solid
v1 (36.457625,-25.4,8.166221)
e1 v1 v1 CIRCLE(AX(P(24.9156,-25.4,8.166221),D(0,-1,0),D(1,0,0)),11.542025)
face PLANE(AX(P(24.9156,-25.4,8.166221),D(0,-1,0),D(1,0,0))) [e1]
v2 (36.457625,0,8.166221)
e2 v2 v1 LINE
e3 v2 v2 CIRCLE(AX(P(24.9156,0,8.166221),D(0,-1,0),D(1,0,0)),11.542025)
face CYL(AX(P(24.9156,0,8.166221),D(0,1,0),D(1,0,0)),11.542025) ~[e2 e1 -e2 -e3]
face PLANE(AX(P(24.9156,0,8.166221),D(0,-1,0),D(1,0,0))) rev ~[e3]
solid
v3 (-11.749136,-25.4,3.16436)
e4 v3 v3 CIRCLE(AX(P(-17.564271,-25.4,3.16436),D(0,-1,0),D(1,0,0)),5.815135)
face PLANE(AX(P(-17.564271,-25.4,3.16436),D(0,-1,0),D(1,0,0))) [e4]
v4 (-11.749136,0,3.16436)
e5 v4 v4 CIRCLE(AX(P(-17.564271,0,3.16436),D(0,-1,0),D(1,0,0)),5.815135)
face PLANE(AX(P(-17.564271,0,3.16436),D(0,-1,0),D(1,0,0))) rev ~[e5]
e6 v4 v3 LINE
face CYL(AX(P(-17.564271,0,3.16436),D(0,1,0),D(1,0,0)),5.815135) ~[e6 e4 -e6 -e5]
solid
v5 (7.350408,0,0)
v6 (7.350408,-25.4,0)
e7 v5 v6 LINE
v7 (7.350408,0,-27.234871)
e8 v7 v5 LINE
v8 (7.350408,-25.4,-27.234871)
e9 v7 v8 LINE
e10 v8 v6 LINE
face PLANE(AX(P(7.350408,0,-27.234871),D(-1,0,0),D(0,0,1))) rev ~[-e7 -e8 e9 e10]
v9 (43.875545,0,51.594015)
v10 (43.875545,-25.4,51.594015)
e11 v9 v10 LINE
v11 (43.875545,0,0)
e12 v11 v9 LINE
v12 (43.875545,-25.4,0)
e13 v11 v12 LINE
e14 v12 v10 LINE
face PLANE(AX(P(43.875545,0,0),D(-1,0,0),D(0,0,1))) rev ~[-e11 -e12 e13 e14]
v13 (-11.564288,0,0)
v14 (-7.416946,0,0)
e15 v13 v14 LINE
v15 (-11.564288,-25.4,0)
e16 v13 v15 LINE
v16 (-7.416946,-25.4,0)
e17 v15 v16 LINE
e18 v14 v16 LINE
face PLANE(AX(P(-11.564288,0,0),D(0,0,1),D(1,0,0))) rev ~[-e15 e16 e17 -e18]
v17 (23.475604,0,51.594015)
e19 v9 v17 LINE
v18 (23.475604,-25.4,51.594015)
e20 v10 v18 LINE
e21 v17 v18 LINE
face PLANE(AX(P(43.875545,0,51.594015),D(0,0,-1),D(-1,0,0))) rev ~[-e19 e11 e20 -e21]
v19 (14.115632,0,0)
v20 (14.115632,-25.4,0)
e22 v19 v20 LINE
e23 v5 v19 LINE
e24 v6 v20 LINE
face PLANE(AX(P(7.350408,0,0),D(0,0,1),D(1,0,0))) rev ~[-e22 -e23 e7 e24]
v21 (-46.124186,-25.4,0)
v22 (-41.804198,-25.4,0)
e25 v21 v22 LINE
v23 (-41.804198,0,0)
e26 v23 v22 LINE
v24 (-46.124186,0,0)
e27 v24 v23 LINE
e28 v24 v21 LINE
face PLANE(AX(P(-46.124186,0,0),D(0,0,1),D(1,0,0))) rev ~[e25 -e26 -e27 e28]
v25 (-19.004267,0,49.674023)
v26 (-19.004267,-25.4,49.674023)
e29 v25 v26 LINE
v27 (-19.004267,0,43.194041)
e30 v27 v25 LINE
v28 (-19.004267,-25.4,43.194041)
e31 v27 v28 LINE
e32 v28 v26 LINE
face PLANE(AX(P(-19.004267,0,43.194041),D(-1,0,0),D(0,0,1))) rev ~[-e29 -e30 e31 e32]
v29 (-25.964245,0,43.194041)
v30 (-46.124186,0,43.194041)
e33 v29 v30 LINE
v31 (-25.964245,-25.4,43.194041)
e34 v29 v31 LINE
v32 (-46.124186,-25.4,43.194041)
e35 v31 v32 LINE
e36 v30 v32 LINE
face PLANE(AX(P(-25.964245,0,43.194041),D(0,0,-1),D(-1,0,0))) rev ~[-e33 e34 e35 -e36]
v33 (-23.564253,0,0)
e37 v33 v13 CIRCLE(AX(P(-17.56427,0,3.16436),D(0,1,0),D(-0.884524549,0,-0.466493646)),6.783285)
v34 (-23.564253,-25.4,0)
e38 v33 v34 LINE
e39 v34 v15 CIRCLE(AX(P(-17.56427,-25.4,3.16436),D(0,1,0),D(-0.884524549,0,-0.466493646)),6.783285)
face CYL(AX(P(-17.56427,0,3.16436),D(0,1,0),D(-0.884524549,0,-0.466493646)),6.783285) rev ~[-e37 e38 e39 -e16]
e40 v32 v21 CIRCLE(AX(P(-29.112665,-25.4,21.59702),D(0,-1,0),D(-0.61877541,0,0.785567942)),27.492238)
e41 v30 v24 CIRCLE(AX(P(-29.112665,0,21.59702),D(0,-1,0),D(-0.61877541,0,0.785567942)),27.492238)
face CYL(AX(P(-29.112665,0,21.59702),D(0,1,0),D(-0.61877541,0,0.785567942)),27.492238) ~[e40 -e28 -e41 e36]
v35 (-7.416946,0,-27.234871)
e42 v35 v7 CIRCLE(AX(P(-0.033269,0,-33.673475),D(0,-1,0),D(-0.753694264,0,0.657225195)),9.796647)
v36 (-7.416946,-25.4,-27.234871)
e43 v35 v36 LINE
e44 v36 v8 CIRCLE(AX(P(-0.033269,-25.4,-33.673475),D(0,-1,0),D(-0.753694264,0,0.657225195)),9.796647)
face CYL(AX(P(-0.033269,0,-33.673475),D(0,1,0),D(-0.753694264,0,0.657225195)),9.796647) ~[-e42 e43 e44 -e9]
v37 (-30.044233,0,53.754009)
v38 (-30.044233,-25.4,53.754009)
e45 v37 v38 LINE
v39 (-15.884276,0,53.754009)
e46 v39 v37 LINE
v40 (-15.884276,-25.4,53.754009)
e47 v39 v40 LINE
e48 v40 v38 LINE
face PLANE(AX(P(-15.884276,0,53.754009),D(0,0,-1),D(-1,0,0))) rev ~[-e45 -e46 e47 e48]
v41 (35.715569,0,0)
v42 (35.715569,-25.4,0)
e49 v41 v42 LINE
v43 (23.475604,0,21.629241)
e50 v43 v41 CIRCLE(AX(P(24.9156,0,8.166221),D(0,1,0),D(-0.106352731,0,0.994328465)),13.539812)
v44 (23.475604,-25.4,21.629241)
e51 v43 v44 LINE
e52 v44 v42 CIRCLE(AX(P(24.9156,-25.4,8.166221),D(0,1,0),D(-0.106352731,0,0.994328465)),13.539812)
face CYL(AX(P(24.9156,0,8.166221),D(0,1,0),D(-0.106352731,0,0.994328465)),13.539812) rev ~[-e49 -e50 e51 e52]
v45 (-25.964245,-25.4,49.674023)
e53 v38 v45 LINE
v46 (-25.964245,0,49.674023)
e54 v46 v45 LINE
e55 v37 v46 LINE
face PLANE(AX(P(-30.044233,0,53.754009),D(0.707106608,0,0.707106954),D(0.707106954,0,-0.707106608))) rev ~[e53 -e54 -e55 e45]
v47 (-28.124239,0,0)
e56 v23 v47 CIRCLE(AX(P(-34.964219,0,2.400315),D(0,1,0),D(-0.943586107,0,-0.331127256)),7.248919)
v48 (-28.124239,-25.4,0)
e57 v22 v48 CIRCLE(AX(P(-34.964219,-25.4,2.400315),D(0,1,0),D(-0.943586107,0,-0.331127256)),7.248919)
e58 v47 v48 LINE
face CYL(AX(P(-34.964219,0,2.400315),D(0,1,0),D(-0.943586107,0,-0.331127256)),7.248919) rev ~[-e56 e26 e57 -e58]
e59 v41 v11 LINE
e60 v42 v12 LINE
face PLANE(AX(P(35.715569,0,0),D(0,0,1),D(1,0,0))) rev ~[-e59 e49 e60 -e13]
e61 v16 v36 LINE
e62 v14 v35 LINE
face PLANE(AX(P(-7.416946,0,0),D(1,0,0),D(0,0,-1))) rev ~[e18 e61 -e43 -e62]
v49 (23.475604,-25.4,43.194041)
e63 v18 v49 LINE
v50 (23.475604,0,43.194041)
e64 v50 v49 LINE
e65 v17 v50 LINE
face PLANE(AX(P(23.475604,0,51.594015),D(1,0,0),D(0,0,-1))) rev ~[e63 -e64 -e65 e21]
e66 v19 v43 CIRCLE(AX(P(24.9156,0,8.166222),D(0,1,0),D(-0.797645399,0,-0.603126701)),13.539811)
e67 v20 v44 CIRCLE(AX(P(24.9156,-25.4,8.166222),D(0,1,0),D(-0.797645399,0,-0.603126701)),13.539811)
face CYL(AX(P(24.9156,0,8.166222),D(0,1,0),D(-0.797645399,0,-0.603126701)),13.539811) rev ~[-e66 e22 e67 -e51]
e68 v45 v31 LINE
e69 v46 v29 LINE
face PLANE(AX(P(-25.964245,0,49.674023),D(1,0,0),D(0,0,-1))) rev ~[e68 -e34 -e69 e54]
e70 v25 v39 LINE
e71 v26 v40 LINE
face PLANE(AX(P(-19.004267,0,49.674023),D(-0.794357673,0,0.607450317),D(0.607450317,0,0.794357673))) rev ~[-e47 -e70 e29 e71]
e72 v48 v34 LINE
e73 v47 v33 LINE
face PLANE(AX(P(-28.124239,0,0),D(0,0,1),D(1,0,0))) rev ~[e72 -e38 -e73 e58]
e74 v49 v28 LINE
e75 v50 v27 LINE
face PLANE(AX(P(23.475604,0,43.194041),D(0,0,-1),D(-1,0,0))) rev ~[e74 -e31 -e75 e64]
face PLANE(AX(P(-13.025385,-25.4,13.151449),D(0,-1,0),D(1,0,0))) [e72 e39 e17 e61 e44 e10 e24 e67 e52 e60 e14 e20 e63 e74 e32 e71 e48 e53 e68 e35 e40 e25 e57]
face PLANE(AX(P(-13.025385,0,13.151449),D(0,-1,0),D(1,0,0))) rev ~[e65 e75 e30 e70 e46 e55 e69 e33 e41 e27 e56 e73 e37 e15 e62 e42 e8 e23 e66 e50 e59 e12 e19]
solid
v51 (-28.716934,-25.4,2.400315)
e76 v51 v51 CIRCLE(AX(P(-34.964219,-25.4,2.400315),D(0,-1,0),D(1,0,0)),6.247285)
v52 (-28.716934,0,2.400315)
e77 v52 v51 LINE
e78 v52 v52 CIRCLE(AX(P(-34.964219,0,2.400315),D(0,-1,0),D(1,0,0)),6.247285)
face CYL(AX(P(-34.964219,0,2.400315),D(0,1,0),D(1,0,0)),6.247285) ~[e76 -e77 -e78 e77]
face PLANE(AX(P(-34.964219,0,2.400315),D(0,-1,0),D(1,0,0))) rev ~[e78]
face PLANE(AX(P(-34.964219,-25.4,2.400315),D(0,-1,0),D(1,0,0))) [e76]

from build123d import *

# Parameters (mm, degrees)
F0_R     = 11.542025
F0_R_2   = 5.815135
F0_R_3   = 6.247285
F2_DEPTH = 25.4


with BuildPart() as f2:
    # F0 (on Front) → F2 (new body)
    with BuildSketch(Plane.XZ):
        with BuildLine():
            Line((-11.564288, 0), (-7.416946, 0))
            Line((-7.416946, 0), (-7.416946, -27.234871))
            ThreePointArc((-7.416946, -27.234871), (-0.033269, -43.470122), (7.350408, -27.234871))
            Line((7.350408, -27.234871), (7.350408, 0))
            Line((7.350408, 0), (14.115632, 0))
            ThreePointArc((14.115632, 0), (12.48941, 13.543608), (23.475604, 21.629241))
            Line((23.475604, 21.629241), (23.475604, 43.194041))
            Line((23.475604, 43.194041), (-19.004267, 43.194041))
            Line((-19.004267, 43.194041), (-19.004267, 49.674023))
            Line((-19.004267, 49.674023), (-15.884276, 53.754009))
            Line((-15.884276, 53.754009), (-30.044233, 53.754009))
            Line((-30.044233, 53.754009), (-25.964245, 49.674023))
            Line((-25.964245, 49.674023), (-25.964245, 43.194041))
            Line((-25.964245, 43.194041), (-46.124186, 43.194041))
            ThreePointArc((-46.124186, 43.194041), (-56.604903, 21.59702), (-46.124186, 0))
            Line((-46.124186, 0), (-41.804198, 0))
            ThreePointArc((-41.804198, 0), (-34.964219, 9.649234), (-28.124239, 0))
            Line((-28.124239, 0), (-23.564253, 0))
            ThreePointArc((-23.564253, 0), (-17.564271, 9.947645), (-11.564288, 0))
        make_face()
        with BuildLine():
            Line((23.475604, 43.194041), (23.475604, 21.629241))
            ThreePointArc((23.475604, 21.629241), (36.699415, 14.834669), (35.715569, 0))
            Line((35.715569, 0), (43.875545, 0))
            Line((43.875545, 0), (43.875545, 51.594015))
            Line((43.875545, 51.594015), (23.475604, 51.594015))
            Line((23.475604, 51.594015), (23.475604, 43.194041))
        make_face()
        with Locations((24.9156, 8.166221)):
            Circle(F0_R)
        with Locations((-17.564271, 3.16436)):
            Circle(F0_R_2)
        with Locations((-34.964219, 2.400315)):
            Circle(F0_R_3)
    extrude(amount=F2_DEPTH)


solid = f2.part
